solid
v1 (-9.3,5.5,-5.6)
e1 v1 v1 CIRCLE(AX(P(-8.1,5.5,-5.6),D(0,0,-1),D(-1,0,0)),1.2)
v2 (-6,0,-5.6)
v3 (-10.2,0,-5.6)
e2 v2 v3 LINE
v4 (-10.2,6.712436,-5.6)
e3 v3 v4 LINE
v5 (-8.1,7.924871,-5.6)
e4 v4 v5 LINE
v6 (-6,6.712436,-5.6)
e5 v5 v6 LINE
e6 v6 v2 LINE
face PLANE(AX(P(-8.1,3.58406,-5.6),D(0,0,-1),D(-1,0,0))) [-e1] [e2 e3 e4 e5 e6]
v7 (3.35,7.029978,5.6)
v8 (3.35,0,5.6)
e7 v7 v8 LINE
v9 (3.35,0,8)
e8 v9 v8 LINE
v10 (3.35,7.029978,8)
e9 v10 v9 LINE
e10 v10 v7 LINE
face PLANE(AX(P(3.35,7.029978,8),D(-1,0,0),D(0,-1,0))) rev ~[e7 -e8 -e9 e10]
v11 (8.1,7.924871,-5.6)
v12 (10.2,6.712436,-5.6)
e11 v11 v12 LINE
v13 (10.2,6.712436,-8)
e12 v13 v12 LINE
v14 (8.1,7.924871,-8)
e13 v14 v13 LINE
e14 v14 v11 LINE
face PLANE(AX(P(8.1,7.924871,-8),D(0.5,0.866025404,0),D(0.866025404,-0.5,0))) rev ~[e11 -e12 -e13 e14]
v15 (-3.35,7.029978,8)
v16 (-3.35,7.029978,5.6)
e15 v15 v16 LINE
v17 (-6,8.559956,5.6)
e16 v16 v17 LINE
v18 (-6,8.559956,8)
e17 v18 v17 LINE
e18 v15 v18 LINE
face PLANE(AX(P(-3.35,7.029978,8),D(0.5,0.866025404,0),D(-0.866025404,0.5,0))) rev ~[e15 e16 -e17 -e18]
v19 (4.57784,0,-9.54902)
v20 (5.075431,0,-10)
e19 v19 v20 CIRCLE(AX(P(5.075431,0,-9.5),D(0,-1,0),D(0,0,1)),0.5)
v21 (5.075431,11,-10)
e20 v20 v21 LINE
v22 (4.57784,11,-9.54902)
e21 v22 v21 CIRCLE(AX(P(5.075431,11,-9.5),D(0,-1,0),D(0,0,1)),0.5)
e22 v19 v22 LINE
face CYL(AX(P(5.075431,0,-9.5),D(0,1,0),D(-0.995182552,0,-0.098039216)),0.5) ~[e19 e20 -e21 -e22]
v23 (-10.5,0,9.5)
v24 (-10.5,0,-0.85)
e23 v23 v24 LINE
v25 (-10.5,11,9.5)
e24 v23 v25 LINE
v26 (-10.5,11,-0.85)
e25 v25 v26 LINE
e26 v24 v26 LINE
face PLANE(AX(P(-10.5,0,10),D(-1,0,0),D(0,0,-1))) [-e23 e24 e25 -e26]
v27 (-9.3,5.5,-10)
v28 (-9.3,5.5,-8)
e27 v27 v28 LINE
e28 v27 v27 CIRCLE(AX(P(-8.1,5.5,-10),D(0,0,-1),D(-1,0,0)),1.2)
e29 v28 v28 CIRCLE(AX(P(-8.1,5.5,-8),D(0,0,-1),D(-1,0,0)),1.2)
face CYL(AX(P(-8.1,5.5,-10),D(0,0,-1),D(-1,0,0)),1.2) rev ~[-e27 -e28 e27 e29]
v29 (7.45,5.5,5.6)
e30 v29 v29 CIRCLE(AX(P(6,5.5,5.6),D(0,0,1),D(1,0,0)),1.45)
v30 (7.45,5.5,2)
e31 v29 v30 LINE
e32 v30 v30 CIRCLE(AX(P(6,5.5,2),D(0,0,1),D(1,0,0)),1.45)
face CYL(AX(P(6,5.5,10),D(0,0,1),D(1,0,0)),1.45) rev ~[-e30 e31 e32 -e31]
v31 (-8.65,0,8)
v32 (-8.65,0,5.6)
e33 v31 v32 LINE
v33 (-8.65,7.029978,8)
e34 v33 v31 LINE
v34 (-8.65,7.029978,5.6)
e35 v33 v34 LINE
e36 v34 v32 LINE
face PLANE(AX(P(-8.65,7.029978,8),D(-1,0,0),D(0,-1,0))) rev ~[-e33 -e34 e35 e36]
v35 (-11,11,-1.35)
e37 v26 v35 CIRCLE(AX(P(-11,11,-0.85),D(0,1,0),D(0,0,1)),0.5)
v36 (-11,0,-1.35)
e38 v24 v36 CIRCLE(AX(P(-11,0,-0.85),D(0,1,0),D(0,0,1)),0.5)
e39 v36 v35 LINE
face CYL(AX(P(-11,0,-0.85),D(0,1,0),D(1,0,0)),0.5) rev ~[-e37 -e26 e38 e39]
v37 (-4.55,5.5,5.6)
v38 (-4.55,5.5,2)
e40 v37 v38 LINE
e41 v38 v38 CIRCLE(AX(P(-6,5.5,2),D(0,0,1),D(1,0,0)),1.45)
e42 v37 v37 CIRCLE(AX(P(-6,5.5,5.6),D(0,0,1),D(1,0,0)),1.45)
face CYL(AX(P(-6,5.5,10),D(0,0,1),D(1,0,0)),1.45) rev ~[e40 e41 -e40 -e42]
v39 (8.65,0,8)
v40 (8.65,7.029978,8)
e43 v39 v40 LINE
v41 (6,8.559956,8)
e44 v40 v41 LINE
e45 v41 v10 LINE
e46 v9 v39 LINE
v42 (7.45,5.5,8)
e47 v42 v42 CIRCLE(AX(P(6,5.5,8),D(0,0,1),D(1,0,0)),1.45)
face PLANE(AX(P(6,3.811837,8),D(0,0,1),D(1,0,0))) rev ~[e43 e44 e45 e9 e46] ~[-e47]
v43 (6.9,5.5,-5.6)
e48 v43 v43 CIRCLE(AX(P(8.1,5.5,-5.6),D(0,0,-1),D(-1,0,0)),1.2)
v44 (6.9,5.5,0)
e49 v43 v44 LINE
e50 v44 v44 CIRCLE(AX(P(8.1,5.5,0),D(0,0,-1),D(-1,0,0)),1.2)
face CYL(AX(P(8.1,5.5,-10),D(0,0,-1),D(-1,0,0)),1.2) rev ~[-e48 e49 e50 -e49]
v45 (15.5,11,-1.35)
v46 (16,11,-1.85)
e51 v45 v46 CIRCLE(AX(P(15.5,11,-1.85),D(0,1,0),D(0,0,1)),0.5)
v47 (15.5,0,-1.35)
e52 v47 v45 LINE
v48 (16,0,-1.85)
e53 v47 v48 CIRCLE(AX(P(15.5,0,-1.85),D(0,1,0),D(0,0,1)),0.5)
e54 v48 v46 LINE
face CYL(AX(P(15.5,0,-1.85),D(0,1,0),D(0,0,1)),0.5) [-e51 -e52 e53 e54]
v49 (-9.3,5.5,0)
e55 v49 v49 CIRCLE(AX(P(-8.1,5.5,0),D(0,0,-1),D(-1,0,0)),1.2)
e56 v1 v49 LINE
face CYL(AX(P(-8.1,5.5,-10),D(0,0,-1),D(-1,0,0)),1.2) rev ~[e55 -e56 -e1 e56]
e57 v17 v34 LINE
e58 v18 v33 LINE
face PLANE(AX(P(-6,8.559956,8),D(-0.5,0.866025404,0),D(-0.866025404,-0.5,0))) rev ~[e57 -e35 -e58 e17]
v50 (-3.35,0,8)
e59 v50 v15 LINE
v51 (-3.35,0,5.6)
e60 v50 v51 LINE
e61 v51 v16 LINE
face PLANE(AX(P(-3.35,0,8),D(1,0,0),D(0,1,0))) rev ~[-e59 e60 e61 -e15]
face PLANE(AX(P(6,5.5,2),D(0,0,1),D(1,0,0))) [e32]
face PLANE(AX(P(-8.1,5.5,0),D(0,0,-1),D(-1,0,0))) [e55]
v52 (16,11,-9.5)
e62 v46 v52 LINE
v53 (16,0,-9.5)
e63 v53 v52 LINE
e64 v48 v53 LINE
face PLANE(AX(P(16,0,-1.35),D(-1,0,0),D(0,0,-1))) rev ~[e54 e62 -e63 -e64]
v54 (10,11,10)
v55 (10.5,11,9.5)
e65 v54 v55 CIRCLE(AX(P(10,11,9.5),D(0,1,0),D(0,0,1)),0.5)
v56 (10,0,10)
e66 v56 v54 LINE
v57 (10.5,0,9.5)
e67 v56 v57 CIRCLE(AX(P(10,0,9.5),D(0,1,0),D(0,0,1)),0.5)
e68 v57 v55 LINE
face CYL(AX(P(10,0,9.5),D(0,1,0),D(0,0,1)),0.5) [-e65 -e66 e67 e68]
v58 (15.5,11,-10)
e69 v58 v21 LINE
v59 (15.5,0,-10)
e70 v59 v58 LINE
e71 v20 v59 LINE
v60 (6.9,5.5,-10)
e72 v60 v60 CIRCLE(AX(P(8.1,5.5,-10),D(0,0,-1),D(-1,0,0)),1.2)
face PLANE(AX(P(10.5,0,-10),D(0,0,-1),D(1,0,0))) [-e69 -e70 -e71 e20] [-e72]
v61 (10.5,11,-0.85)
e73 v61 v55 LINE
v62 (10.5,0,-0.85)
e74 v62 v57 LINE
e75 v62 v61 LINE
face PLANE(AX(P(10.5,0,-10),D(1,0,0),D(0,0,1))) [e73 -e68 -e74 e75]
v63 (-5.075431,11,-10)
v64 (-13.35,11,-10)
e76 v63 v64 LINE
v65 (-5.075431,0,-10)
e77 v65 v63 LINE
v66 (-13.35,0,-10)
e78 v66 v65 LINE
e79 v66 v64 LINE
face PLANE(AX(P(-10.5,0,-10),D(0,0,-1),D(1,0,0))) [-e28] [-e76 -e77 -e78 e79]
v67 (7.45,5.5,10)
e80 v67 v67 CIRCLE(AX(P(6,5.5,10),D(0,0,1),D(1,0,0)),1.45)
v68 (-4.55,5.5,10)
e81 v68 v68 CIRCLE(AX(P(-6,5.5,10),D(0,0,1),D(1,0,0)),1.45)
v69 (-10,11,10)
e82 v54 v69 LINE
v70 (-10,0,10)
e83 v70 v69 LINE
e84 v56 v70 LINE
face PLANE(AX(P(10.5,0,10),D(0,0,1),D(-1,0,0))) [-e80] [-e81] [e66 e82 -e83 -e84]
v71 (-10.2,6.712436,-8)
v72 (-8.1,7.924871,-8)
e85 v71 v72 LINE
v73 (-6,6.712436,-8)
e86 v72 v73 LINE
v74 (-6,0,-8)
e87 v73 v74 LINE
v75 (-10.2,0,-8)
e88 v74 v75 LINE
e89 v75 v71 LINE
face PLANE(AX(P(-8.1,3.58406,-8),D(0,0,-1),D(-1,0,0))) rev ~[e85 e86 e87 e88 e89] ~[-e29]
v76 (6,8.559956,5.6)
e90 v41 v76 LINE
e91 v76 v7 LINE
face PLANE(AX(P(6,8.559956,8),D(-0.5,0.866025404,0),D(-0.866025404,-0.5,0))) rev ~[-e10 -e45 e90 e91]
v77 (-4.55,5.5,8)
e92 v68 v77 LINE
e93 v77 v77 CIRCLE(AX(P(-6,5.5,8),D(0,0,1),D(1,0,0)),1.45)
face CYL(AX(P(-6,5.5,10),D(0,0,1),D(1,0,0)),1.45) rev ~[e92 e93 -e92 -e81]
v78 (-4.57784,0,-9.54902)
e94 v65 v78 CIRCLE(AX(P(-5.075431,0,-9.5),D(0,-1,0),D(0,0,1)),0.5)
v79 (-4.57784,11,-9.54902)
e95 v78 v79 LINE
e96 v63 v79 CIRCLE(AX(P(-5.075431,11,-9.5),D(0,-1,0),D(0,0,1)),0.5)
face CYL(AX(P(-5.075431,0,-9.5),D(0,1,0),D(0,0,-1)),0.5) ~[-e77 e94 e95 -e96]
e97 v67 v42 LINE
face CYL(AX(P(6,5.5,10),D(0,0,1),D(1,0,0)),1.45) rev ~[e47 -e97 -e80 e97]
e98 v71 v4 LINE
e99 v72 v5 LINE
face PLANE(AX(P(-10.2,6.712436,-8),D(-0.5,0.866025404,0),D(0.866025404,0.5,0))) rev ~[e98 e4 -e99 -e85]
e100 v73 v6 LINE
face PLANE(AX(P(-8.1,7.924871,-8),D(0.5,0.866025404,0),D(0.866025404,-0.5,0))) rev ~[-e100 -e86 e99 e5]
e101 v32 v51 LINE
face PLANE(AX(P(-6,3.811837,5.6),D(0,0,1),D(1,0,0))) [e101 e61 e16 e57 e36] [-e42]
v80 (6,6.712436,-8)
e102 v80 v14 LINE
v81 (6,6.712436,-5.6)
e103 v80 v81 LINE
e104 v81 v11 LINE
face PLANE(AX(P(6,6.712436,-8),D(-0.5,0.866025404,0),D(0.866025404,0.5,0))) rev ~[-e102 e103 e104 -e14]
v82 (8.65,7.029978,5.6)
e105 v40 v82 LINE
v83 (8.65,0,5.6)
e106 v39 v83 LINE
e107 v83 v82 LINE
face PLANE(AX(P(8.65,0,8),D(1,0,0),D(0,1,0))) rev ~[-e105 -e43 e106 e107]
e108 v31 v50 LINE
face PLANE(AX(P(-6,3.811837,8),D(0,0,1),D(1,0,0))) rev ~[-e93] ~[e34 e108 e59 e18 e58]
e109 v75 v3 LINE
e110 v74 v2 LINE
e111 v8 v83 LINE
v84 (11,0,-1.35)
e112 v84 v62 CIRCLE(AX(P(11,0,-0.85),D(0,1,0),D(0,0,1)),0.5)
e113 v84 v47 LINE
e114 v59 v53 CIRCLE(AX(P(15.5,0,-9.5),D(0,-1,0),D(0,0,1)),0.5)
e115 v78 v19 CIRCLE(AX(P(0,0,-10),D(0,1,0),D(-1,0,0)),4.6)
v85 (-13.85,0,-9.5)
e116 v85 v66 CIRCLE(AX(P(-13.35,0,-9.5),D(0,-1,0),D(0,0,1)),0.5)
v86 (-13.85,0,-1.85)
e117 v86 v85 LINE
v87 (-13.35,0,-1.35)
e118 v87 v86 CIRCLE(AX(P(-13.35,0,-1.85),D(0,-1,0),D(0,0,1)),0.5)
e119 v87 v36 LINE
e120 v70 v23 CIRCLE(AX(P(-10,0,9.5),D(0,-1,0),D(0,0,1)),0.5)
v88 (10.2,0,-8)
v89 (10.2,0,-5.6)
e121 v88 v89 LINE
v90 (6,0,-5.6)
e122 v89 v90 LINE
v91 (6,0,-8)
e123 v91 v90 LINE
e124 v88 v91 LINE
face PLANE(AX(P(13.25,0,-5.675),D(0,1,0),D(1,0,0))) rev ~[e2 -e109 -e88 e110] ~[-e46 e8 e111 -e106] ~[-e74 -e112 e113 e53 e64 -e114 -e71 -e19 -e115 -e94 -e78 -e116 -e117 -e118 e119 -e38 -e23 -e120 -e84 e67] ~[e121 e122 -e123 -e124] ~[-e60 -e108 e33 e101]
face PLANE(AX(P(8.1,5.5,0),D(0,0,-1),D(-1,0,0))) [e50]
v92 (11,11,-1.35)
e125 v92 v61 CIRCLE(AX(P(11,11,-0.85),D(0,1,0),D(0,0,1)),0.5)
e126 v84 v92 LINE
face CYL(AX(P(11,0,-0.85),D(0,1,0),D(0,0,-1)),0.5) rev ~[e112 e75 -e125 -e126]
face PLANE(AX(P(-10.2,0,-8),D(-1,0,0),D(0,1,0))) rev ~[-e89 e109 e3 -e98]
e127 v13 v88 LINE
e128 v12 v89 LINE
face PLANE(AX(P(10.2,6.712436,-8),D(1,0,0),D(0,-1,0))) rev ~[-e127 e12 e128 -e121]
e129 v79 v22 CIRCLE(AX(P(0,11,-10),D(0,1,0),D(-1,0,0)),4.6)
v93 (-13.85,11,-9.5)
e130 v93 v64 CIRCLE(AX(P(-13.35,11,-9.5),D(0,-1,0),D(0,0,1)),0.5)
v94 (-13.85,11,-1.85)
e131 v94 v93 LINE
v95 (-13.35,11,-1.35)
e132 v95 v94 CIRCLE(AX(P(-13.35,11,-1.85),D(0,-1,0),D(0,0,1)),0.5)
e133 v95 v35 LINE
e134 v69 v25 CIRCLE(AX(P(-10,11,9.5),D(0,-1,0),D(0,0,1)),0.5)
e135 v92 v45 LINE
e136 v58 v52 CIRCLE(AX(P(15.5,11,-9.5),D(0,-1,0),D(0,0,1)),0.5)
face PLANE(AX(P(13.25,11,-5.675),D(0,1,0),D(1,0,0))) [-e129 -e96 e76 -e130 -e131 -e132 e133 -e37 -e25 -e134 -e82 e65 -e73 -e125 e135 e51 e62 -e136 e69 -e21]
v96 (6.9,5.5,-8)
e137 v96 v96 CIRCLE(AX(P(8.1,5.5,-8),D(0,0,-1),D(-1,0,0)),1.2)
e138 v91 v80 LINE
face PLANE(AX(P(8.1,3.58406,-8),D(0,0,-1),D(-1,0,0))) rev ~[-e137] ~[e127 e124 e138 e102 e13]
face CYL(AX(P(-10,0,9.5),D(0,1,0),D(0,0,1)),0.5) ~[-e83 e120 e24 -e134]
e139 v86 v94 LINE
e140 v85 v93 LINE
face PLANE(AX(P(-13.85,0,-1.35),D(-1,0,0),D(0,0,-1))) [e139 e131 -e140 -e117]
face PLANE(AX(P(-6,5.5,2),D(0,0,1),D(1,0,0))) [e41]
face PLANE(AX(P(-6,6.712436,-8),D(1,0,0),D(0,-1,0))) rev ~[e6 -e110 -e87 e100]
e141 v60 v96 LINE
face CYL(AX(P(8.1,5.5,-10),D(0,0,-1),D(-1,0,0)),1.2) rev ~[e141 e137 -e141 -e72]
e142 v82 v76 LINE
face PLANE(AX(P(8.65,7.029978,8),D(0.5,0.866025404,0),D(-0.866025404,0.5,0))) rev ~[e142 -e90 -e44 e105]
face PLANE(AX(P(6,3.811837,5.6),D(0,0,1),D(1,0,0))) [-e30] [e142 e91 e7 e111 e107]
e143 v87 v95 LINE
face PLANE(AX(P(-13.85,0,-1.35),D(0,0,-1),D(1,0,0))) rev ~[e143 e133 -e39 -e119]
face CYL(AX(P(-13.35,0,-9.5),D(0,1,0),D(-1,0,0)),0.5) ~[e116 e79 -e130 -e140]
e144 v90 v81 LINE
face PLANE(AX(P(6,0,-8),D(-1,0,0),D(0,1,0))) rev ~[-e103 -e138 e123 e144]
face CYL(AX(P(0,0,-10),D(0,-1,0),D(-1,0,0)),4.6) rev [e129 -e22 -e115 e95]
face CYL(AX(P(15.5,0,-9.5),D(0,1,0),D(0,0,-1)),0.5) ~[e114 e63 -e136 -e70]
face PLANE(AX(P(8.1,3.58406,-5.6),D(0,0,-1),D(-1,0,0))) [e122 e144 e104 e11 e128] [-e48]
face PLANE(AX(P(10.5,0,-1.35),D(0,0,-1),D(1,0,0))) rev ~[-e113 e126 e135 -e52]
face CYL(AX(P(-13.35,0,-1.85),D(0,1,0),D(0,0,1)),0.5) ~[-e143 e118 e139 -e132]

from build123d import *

# Parameters (mm, degrees)
BOSS_EXTRUDE1_DEPTH = 11
SKETCH2_R           = 1.45
CUT_EXTRUDE1_DEPTH  = 8
SKETCH3_R           = 1.2
CUT_EXTRUDE2_DEPTH  = 10
CUT_EXTRUDE3_START  = -2
SKETCH5_R           = 1.2
CUT_EXTRUDE3_DEPTH  = 2.4
CUT_EXTRUDE4_START  = -2
CUT_EXTRUDE4_DEPTH  = 2.4
SKETCH1_4_W         = 5.5
SKETCH1_4_H         = 8.65
SKETCH1_4_W_2       = 3.35
BOSS_EXTRUDE2_DEPTH = 11
FILLET2_R           = 0.5


with BuildPart() as part:
    # Sketch1 → Boss-Extrude1 (new body)
    with BuildSketch(Plane(origin=(0, 0, 0), x_dir=(1, 0, 0), z_dir=(0, 1, 0))):
        with BuildLine():
            ThreePointArc((-4.6, 10), (0, 5.4), (4.6, 10))
            Line((4.6, 10), (10.5, 10))
            Line((10.5, 10), (10.5, -10))
            Line((10.5, -10), (-10.5, -10))
            Line((-10.5, -10), (-10.5, 10))
            Line((-10.5, 10), (-4.6, 10))
        make_face()
    extrude(amount=BOSS_EXTRUDE1_DEPTH)

    # Sketch2 → Cut-Extrude1 (cut)
    with BuildSketch(Plane.XY.offset(10)):
        with Locations((-6, 5.5)):
            Circle(SKETCH2_R)
        with Locations((6, 5.5)):
            Circle(SKETCH2_R)
    extrude(amount=-CUT_EXTRUDE1_DEPTH, mode=Mode.SUBTRACT)

    # Sketch3 → Cut-Extrude2 (cut)
    with BuildSketch(Plane(origin=(0, 0, -10), x_dir=(-1, 0, 0), z_dir=(0, 0, -1))):
        with Locations((-8.1, 5.5)):
            Circle(SKETCH3_R)
        with Locations((8.1, 5.5)):
            Circle(SKETCH3_R)
    extrude(amount=-CUT_EXTRUDE2_DEPTH, mode=Mode.SUBTRACT)

    # Sketch5 → Cut-Extrude3 (cut)
    # profile 1 of 2: a face of its own
    with BuildSketch(Plane(origin=(0, 0, -10), x_dir=(-1, 0, 0), z_dir=(0, 0, -1)).offset(CUT_EXTRUDE3_START)):
        Polygon((-6, 0), (-6, 4.287564435), (-6, 6.712435565), (-8.1, 7.924871131), (-10.2, 6.712435565), (-10.2, 4.287564435), (-10.2, 0), align=None)
        with Locations((-8.1, 5.5)):
            Circle(SKETCH5_R, mode=Mode.SUBTRACT)
    # profile 2 of 2: a face of its own
    with BuildSketch(Plane(origin=(0, 0, -10), x_dir=(-1, 0, 0), z_dir=(0, 0, -1)).offset(CUT_EXTRUDE3_START)):
        Polygon((6, 0), (10.2, 0), (10.2, 4.287564435), (10.2, 6.712435565), (8.1, 7.924871131), (6, 6.712435565), (6, 4.287564435), align=None)
    extrude(amount=-CUT_EXTRUDE3_DEPTH, mode=Mode.SUBTRACT)

    # Sketch6 → Cut-Extrude4 (cut)
    with BuildSketch(Plane.XY.offset(10).offset(CUT_EXTRUDE4_START)):
        Polygon((-6, 8.559956427), (-8.65, 7.029978213), (-8.65, 3.970021787), (-8.65, 0), (-3.35, 0), (-3.35, 3.970021787), (-3.35, 7.029978213), align=None)
        Polygon((6, 8.559956427), (3.35, 7.029978213), (3.35, 3.970021787), (3.35, 0), (8.65, 0), (8.65, 3.970021787), (8.65, 7.029978213), align=None)
    extrude(amount=-CUT_EXTRUDE4_DEPTH, mode=Mode.SUBTRACT)

    # Sketch1<4> → Boss-Extrude2 (add, through all)
    with BuildSketch(Plane(origin=(0, 0, 0), x_dir=(1, 0, 0), z_dir=(0, 1, 0))):
        with Locations((13.25, 5.675)):
            Rectangle(SKETCH1_4_W, SKETCH1_4_H)
        with Locations((-12.175, 5.675)):
            Rectangle(SKETCH1_4_W_2, SKETCH1_4_H)
    extrude(amount=BOSS_EXTRUDE2_DEPTH)

    # Fillet2
    fillet2_edges = [part.edges().sort_by_distance(p)[0] for p in [
        (10.5, 5.5, -1.35),
        (16, 5.5, -1.35),
        (16, 5.5, -10),
        (4.6, 5.5, -10),
        (10.5, 5.5, 10),
        (-10.5, 5.5, 10),
        (-4.6, 5.5, -10),
        (-13.85, 5.5, -10),
        (-13.85, 5.5, -1.35),
        (-10.5, 5.5, -1.35),
    ]]
    fillet(fillet2_edges, radius=FILLET2_R)


solid = part.part
